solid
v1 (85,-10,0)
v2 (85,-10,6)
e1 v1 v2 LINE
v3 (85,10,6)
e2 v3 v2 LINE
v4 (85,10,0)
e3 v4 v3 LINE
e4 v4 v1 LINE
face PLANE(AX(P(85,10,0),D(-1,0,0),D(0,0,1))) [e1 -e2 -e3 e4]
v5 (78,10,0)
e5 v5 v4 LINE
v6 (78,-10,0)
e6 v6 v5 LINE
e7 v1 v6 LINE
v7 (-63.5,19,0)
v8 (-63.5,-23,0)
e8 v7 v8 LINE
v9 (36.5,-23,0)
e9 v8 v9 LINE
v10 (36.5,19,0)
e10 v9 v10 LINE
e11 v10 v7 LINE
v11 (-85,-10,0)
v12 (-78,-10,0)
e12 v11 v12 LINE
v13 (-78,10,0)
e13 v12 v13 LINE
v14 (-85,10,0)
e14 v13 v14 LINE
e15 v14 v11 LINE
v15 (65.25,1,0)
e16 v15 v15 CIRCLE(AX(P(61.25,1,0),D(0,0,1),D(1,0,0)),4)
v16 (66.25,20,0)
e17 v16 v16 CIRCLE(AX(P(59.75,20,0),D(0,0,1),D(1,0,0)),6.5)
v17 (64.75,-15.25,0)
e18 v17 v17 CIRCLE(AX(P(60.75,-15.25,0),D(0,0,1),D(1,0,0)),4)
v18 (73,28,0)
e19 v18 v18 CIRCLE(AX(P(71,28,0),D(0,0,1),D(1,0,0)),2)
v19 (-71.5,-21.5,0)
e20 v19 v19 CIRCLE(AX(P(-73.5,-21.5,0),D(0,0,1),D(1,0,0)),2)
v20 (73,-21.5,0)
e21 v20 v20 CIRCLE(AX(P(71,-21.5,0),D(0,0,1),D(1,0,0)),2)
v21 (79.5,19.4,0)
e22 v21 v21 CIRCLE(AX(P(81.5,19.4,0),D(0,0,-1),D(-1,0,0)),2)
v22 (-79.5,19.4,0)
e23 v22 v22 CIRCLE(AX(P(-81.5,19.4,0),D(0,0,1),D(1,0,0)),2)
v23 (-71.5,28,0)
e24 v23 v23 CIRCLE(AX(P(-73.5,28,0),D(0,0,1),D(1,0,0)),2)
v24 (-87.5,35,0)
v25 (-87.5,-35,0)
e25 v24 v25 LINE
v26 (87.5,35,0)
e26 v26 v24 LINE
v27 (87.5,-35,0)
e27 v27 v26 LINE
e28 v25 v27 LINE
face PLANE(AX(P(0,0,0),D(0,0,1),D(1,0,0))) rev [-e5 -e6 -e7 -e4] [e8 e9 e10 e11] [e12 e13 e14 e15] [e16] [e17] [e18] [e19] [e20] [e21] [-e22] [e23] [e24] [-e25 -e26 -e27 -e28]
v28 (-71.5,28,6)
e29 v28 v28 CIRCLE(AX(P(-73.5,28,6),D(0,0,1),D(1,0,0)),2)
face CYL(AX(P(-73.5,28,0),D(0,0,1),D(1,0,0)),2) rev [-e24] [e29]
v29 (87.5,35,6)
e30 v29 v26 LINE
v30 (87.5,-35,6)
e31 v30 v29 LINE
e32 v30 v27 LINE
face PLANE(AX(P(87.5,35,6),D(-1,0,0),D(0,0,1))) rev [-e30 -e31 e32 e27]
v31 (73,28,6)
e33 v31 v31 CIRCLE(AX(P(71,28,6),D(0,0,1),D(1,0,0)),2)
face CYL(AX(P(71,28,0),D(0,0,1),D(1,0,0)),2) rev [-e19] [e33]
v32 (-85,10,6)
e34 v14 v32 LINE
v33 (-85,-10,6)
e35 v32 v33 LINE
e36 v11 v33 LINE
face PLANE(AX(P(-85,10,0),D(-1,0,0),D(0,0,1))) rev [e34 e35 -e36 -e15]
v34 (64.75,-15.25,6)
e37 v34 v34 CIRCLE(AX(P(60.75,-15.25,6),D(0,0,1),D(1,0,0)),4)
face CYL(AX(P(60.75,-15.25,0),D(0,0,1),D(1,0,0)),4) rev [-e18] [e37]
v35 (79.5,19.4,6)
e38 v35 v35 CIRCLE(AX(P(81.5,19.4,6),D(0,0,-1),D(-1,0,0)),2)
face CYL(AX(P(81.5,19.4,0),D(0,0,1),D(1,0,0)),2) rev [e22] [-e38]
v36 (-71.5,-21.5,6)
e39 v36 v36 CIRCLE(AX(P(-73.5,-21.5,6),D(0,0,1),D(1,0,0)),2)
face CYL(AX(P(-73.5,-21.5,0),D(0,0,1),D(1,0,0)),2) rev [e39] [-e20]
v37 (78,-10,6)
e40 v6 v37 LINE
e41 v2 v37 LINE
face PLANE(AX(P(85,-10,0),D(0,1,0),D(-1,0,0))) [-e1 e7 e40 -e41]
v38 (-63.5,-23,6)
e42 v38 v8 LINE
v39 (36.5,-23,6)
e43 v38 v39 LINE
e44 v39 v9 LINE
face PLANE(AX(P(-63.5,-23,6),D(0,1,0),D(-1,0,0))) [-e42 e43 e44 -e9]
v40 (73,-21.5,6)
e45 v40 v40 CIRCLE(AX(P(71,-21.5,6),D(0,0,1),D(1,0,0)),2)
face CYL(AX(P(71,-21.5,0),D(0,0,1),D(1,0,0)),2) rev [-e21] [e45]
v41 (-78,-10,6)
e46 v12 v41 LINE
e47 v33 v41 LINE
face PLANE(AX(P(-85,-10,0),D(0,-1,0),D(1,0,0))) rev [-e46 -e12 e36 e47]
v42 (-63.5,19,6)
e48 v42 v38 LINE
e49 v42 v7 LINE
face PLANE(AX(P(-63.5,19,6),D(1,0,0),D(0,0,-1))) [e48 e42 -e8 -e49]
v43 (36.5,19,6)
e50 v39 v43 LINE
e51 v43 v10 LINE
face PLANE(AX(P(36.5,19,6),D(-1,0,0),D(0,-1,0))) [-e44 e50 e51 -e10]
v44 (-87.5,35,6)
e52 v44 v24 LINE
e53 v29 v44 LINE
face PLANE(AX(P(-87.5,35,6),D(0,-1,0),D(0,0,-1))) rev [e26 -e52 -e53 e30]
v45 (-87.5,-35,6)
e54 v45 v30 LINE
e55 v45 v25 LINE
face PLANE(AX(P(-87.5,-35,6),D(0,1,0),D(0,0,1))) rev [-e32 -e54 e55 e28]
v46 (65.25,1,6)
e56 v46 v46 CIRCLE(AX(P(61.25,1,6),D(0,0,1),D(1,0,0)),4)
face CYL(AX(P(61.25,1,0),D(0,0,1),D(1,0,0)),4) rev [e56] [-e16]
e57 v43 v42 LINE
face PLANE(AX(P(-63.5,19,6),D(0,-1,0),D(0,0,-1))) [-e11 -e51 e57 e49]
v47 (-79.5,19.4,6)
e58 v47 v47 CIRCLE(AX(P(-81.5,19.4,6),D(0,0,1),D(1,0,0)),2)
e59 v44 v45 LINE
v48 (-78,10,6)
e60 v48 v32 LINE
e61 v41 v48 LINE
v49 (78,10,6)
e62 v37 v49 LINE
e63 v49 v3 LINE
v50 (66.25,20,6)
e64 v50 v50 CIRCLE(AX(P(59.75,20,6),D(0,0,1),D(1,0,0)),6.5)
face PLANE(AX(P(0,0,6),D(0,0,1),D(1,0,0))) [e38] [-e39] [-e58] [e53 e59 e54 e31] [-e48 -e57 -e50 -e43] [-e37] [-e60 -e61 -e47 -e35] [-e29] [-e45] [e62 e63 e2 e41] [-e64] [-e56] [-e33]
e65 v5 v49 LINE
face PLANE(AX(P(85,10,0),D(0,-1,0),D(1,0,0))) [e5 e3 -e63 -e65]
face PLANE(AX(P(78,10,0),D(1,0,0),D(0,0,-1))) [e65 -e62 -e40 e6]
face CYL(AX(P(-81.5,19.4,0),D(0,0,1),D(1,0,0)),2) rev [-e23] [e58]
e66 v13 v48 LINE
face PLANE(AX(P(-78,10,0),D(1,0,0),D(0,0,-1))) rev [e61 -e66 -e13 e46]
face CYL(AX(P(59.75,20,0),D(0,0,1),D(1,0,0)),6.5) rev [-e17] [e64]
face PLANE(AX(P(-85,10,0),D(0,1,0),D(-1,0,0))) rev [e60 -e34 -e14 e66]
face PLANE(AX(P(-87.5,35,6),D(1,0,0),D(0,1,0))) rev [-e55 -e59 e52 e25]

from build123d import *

# Parameters (mm, degrees)
ESQUISSE1_W             = 175
ESQUISSE1_H             = 70
ESQUISSE1_W_2           = 100
ESQUISSE1_H_2           = 42
BOSS_EXTRU_1_DEPTH      = 6
ESQUISSE2_R             = 2
ESQUISSE2_W             = 7
ESQUISSE2_H             = 20
ENL_V_MAT_EXTRU_1_DEPTH = 6
ESQUISSE3_R             = 2
ESQUISSE3_R_2           = 6.5
ESQUISSE3_R_3           = 4
ENL_V_MAT_EXTRU_2_DEPTH = 6


with BuildPart() as part:
    # Esquisse1 → Boss.-Extru.1 (new body)
    with BuildSketch(Plane.XY):
        Rectangle(ESQUISSE1_W, ESQUISSE1_H)
        with Locations((-13.5, -2)):
            Rectangle(ESQUISSE1_W_2, ESQUISSE1_H_2, mode=Mode.SUBTRACT)
    extrude(amount=BOSS_EXTRU_1_DEPTH)

    # Esquisse2 → Enlèv. mat.-Extru.1 (cut)
    with BuildSketch(Plane.XY.offset(6)):
        with Locations((-81.5, 19.4)):
            Circle(ESQUISSE2_R)
        with Locations((-81.5, 0)):
            Rectangle(ESQUISSE2_W, ESQUISSE2_H)
    enl_v_mat_extru_1 = extrude(amount=-ENL_V_MAT_EXTRU_1_DEPTH, mode=Mode.SUBTRACT)

    # Symétrie1: Enlèv. mat.-Extru.1 across plane
    add(enl_v_mat_extru_1.mirror(Plane(origin=(0, 0, 0), x_dir=(0, 0, 1), z_dir=(1, 0, 0))), mode=Mode.SUBTRACT)

    # Esquisse3 → Enlèv. mat.-Extru.2 (cut)
    with BuildSketch(Plane.XY.offset(6)):
        with Locations((-73.5, 28)):
            Circle(ESQUISSE3_R)
        with Locations((71, 28)):
            Circle(ESQUISSE3_R)
        with Locations((71, -21.5)):
            Circle(ESQUISSE3_R)
        with Locations((-73.5, -21.5)):
            Circle(ESQUISSE3_R)
        with Locations((59.75, 20)):
            Circle(ESQUISSE3_R_2)
        with Locations((61.25, 1)):
            Circle(ESQUISSE3_R_3)
        with Locations((60.75, -15.25)):
            Circle(ESQUISSE3_R_3)
    extrude(amount=-ENL_V_MAT_EXTRU_2_DEPTH, mode=Mode.SUBTRACT)


solid = part.part
